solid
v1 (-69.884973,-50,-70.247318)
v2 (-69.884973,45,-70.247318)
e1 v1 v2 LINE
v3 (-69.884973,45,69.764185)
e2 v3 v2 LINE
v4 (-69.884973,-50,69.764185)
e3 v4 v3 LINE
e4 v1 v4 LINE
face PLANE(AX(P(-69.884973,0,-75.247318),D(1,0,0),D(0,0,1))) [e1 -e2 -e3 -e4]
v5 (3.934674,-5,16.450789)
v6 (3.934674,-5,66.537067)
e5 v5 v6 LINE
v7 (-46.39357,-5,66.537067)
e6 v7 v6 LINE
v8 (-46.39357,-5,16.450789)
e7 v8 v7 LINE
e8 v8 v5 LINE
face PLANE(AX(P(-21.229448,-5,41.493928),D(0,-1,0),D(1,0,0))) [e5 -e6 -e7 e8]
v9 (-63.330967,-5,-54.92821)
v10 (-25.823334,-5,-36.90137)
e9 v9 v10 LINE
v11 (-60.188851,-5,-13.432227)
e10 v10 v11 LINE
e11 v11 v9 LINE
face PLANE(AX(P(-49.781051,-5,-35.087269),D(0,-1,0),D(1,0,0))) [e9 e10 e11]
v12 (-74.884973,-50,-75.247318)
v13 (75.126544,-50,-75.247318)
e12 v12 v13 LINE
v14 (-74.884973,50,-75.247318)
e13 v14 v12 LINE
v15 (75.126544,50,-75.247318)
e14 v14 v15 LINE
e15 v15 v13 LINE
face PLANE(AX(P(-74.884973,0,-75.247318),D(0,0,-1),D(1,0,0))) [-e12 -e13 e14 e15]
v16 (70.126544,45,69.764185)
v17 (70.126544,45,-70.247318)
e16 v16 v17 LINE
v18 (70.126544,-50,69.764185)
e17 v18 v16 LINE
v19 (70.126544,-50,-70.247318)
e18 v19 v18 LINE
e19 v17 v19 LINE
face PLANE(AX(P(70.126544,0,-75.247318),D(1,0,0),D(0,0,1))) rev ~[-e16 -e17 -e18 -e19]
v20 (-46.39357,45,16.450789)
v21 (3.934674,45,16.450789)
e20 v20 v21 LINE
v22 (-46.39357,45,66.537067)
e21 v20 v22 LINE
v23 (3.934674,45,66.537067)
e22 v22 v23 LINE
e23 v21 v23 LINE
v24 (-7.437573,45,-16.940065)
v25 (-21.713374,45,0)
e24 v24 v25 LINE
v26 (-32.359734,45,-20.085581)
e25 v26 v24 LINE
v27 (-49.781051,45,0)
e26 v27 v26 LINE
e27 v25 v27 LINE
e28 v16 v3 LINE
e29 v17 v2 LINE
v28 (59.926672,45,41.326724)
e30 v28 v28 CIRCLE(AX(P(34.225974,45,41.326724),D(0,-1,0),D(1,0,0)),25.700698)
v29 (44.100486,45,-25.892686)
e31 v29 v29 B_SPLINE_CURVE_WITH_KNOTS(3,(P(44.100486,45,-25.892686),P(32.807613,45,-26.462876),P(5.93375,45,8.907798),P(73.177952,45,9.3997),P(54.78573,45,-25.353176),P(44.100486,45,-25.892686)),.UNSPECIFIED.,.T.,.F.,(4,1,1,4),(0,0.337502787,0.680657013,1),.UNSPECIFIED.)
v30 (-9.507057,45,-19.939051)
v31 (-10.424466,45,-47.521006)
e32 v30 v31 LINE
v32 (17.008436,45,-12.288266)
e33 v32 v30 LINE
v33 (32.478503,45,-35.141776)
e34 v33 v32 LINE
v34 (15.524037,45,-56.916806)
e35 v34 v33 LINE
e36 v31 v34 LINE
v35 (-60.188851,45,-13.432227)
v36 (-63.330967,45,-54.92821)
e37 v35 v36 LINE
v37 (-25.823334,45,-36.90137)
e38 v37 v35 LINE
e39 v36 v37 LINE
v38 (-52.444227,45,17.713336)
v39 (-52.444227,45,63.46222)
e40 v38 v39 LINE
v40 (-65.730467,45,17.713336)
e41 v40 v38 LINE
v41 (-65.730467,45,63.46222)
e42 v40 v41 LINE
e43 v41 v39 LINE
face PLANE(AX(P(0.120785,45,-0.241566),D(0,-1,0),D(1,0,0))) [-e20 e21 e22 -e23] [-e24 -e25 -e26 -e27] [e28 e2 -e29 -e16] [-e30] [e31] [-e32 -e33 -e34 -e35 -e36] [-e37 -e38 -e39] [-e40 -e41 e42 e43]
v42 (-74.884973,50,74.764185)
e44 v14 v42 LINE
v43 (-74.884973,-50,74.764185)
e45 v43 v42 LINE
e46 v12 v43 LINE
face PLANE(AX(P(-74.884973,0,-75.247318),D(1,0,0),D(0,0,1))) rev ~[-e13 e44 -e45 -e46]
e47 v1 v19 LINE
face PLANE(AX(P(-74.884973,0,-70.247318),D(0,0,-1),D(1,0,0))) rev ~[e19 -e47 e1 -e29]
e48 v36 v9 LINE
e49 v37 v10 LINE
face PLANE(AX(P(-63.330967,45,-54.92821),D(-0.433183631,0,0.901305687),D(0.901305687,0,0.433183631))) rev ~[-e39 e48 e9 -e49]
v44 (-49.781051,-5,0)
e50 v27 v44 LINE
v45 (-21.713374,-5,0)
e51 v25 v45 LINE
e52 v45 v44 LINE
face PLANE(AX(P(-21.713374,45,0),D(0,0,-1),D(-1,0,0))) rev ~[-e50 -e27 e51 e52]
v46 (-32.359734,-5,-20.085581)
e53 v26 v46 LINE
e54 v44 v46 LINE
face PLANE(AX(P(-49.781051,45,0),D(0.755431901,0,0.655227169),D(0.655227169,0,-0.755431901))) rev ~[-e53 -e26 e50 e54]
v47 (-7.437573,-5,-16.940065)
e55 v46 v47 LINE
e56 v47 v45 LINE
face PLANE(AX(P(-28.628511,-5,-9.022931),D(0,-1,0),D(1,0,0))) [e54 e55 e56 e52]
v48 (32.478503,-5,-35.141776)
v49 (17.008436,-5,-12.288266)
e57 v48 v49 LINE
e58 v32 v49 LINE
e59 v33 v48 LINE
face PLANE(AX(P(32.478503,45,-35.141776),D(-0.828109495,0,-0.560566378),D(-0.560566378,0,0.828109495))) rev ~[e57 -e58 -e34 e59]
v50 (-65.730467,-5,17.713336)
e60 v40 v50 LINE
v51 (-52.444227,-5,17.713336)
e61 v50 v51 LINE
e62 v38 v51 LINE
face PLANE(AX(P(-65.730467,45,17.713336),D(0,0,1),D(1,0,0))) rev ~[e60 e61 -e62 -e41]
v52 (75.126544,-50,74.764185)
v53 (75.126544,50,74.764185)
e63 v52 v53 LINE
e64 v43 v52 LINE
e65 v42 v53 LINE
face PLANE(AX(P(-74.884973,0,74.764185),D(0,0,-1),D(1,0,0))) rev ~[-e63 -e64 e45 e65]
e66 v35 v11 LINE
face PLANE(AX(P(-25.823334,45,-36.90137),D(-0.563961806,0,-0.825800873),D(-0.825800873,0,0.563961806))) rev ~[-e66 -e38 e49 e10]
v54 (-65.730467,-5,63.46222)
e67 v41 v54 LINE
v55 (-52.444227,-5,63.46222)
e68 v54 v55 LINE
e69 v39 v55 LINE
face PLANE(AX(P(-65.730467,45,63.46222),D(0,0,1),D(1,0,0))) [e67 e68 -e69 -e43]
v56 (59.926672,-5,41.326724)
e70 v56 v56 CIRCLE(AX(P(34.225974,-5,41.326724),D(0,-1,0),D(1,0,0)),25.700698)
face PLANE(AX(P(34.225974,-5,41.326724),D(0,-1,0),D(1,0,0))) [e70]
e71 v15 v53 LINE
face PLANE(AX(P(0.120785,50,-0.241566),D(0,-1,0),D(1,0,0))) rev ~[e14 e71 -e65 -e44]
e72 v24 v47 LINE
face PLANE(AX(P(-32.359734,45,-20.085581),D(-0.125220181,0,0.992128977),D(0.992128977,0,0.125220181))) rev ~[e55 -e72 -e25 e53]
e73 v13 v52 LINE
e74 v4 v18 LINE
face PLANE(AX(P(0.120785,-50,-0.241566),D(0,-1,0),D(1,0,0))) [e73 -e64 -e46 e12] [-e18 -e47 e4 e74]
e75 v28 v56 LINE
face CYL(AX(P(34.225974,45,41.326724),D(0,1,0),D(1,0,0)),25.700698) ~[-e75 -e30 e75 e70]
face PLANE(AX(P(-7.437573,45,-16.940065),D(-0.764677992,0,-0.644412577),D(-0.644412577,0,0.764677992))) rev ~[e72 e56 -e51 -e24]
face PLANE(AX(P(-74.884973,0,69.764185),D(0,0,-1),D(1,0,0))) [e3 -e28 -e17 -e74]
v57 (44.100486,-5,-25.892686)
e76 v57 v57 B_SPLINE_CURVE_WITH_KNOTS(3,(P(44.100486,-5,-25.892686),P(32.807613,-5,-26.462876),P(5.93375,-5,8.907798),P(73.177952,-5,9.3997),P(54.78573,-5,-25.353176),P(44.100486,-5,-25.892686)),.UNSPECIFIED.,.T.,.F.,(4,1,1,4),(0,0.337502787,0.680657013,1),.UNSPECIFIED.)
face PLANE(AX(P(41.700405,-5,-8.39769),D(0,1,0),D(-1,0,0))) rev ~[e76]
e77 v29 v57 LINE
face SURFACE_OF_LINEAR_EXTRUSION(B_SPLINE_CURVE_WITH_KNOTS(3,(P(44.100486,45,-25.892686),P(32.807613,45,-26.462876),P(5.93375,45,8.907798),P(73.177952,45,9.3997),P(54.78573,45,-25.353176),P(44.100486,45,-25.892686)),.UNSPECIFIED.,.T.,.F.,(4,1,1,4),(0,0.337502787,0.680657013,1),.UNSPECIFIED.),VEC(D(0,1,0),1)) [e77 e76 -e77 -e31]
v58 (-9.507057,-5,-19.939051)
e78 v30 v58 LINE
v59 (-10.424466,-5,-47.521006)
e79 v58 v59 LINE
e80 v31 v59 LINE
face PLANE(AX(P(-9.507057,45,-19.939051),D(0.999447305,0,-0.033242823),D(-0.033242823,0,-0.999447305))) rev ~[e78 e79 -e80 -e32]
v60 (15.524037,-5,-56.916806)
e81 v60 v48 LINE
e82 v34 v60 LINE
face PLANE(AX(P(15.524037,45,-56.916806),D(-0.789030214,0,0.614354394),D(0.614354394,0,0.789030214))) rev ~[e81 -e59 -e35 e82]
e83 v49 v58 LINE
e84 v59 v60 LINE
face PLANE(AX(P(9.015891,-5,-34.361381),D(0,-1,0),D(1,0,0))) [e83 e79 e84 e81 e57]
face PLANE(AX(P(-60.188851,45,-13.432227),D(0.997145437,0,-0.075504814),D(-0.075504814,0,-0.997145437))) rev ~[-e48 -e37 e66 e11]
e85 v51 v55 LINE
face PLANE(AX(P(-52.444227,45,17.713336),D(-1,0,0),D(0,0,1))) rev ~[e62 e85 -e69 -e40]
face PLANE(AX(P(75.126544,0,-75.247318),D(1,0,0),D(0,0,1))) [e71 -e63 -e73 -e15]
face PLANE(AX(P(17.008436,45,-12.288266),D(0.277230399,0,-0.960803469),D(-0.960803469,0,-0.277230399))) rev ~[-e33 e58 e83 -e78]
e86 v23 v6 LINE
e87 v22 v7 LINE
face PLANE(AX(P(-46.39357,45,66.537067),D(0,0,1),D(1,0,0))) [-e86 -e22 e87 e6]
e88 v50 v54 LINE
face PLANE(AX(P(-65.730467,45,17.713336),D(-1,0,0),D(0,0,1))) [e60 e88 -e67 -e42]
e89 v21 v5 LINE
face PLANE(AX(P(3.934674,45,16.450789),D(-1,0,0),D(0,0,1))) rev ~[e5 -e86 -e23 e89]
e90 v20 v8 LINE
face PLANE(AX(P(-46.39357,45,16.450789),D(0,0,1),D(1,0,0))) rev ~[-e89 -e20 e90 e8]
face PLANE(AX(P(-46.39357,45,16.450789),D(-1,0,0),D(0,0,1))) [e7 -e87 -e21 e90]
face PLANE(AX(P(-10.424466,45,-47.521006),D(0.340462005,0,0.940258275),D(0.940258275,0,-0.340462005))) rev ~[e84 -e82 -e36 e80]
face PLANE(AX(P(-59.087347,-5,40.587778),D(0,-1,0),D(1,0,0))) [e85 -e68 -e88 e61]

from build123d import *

# Parameters (mm, degrees)
F0_W      = 150.0115171075
F0_H      = 150.0115022063
F1_DEPTH  = 50
F2_DEPTH  = 50
F3_T      = -5
F4_W      = 50.3282439895
F4_H      = 50.0862784684
F5_DEPTH  = 50
F6_R      = 25.7006976181
F7_DEPTH  = 50
F9_DEPTH  = 50
F11_DEPTH = 50
F12_W     = 13.2862403989
F12_H     = 45.7488838583
F13_DEPTH = 50
F15_DEPTH = 50
F17_DEPTH = 50


with BuildPart() as f1:
    # F0 (on Front) → F1 (new body)
    with BuildSketch(Plane.XZ):
        with Locations((0.1207850873, -0.2415664494)):
            Rectangle(F0_W, F0_H)
    extrude(amount=F1_DEPTH)

    # F2 (add): a face of the model
    f2_faces = [f1.faces().sort_by_distance(p)[0] for p in [
        (0.1207850873, 0, -0.2415664494),
    ]]
    extrude(f2_faces, amount=F2_DEPTH)

    # F3
    f3_openings = [f1.faces().sort_by_distance(p)[0] for p in [
        (0.120785, -50, -0.241566),
    ]]
    offset(amount=F3_T, openings=f3_openings)

    # F4 (on face) → F5 (join)
    with BuildSketch(Plane.XZ.offset(-45)):
        with Locations((-21.2294475641, 41.4939280599)):
            Rectangle(F4_W, F4_H)
    extrude(amount=F5_DEPTH)

    # F6 (on face) → F7 (join)
    with BuildSketch(Plane.XZ.offset(-45)):
        with Locations((34.225974232, 41.3267239928)):
            Circle(F6_R)
    extrude(amount=F7_DEPTH)

    # F8 (on face) → F9 (join)
    with BuildSketch(Plane.XZ.offset(-45)):
        Polygon((-25.8233335135, -36.9013702446), (-60.1888511064, -13.4322265214), (-63.3309669793, -54.9282096326), align=None)
    extrude(amount=F9_DEPTH)

    # F10 (on face) → F11 (join)
    with BuildSketch(Plane.XZ.offset(-45)):
        Polygon((32.4785027368, -35.1417758495), (17.0084361272, -12.288266328), (-9.5070565099, -19.9390511614), (-10.4244655785, -47.5210057505), (15.5240370727, -56.9168063293), align=None)
    extrude(amount=F11_DEPTH)

    # F12 (on face) → F13 (join)
    with BuildSketch(Plane.XZ.offset(-45)):
        with Locations((-59.0873472393, 40.5877782032)):
            Rectangle(F12_W, F12_H)
    extrude(amount=F13_DEPTH)

    # F14 (on face) → F15 (join)
    with BuildSketch(Plane.XZ.offset(-45)):
        Polygon((-49.7810505331, 0), (-32.3597341776, -20.085580647), (-7.4375732802, -16.9400647283), (-21.7133741826, 0), align=None)
    extrude(amount=F15_DEPTH)

    # F16 (on face) → F17 (join)
    with BuildSketch(Plane.XZ.offset(-45)):
        with BuildLine():
            add(Edge.make_bspline(
                [(44.1004857421, -25.8926860988), (32.8076134685, -26.462876483), (5.9337500795, 8.9077984279), (73.1779523154, 9.3996996285), (54.7857295651, -25.3531755887), (44.1004857421, -25.8926860988)],
                knots=[0, 0, 0, 0, 0.3375027868, 0.6806570126, 1, 1, 1, 1], degree=3))
        make_face()
    extrude(amount=F17_DEPTH)


solid = f1.part
